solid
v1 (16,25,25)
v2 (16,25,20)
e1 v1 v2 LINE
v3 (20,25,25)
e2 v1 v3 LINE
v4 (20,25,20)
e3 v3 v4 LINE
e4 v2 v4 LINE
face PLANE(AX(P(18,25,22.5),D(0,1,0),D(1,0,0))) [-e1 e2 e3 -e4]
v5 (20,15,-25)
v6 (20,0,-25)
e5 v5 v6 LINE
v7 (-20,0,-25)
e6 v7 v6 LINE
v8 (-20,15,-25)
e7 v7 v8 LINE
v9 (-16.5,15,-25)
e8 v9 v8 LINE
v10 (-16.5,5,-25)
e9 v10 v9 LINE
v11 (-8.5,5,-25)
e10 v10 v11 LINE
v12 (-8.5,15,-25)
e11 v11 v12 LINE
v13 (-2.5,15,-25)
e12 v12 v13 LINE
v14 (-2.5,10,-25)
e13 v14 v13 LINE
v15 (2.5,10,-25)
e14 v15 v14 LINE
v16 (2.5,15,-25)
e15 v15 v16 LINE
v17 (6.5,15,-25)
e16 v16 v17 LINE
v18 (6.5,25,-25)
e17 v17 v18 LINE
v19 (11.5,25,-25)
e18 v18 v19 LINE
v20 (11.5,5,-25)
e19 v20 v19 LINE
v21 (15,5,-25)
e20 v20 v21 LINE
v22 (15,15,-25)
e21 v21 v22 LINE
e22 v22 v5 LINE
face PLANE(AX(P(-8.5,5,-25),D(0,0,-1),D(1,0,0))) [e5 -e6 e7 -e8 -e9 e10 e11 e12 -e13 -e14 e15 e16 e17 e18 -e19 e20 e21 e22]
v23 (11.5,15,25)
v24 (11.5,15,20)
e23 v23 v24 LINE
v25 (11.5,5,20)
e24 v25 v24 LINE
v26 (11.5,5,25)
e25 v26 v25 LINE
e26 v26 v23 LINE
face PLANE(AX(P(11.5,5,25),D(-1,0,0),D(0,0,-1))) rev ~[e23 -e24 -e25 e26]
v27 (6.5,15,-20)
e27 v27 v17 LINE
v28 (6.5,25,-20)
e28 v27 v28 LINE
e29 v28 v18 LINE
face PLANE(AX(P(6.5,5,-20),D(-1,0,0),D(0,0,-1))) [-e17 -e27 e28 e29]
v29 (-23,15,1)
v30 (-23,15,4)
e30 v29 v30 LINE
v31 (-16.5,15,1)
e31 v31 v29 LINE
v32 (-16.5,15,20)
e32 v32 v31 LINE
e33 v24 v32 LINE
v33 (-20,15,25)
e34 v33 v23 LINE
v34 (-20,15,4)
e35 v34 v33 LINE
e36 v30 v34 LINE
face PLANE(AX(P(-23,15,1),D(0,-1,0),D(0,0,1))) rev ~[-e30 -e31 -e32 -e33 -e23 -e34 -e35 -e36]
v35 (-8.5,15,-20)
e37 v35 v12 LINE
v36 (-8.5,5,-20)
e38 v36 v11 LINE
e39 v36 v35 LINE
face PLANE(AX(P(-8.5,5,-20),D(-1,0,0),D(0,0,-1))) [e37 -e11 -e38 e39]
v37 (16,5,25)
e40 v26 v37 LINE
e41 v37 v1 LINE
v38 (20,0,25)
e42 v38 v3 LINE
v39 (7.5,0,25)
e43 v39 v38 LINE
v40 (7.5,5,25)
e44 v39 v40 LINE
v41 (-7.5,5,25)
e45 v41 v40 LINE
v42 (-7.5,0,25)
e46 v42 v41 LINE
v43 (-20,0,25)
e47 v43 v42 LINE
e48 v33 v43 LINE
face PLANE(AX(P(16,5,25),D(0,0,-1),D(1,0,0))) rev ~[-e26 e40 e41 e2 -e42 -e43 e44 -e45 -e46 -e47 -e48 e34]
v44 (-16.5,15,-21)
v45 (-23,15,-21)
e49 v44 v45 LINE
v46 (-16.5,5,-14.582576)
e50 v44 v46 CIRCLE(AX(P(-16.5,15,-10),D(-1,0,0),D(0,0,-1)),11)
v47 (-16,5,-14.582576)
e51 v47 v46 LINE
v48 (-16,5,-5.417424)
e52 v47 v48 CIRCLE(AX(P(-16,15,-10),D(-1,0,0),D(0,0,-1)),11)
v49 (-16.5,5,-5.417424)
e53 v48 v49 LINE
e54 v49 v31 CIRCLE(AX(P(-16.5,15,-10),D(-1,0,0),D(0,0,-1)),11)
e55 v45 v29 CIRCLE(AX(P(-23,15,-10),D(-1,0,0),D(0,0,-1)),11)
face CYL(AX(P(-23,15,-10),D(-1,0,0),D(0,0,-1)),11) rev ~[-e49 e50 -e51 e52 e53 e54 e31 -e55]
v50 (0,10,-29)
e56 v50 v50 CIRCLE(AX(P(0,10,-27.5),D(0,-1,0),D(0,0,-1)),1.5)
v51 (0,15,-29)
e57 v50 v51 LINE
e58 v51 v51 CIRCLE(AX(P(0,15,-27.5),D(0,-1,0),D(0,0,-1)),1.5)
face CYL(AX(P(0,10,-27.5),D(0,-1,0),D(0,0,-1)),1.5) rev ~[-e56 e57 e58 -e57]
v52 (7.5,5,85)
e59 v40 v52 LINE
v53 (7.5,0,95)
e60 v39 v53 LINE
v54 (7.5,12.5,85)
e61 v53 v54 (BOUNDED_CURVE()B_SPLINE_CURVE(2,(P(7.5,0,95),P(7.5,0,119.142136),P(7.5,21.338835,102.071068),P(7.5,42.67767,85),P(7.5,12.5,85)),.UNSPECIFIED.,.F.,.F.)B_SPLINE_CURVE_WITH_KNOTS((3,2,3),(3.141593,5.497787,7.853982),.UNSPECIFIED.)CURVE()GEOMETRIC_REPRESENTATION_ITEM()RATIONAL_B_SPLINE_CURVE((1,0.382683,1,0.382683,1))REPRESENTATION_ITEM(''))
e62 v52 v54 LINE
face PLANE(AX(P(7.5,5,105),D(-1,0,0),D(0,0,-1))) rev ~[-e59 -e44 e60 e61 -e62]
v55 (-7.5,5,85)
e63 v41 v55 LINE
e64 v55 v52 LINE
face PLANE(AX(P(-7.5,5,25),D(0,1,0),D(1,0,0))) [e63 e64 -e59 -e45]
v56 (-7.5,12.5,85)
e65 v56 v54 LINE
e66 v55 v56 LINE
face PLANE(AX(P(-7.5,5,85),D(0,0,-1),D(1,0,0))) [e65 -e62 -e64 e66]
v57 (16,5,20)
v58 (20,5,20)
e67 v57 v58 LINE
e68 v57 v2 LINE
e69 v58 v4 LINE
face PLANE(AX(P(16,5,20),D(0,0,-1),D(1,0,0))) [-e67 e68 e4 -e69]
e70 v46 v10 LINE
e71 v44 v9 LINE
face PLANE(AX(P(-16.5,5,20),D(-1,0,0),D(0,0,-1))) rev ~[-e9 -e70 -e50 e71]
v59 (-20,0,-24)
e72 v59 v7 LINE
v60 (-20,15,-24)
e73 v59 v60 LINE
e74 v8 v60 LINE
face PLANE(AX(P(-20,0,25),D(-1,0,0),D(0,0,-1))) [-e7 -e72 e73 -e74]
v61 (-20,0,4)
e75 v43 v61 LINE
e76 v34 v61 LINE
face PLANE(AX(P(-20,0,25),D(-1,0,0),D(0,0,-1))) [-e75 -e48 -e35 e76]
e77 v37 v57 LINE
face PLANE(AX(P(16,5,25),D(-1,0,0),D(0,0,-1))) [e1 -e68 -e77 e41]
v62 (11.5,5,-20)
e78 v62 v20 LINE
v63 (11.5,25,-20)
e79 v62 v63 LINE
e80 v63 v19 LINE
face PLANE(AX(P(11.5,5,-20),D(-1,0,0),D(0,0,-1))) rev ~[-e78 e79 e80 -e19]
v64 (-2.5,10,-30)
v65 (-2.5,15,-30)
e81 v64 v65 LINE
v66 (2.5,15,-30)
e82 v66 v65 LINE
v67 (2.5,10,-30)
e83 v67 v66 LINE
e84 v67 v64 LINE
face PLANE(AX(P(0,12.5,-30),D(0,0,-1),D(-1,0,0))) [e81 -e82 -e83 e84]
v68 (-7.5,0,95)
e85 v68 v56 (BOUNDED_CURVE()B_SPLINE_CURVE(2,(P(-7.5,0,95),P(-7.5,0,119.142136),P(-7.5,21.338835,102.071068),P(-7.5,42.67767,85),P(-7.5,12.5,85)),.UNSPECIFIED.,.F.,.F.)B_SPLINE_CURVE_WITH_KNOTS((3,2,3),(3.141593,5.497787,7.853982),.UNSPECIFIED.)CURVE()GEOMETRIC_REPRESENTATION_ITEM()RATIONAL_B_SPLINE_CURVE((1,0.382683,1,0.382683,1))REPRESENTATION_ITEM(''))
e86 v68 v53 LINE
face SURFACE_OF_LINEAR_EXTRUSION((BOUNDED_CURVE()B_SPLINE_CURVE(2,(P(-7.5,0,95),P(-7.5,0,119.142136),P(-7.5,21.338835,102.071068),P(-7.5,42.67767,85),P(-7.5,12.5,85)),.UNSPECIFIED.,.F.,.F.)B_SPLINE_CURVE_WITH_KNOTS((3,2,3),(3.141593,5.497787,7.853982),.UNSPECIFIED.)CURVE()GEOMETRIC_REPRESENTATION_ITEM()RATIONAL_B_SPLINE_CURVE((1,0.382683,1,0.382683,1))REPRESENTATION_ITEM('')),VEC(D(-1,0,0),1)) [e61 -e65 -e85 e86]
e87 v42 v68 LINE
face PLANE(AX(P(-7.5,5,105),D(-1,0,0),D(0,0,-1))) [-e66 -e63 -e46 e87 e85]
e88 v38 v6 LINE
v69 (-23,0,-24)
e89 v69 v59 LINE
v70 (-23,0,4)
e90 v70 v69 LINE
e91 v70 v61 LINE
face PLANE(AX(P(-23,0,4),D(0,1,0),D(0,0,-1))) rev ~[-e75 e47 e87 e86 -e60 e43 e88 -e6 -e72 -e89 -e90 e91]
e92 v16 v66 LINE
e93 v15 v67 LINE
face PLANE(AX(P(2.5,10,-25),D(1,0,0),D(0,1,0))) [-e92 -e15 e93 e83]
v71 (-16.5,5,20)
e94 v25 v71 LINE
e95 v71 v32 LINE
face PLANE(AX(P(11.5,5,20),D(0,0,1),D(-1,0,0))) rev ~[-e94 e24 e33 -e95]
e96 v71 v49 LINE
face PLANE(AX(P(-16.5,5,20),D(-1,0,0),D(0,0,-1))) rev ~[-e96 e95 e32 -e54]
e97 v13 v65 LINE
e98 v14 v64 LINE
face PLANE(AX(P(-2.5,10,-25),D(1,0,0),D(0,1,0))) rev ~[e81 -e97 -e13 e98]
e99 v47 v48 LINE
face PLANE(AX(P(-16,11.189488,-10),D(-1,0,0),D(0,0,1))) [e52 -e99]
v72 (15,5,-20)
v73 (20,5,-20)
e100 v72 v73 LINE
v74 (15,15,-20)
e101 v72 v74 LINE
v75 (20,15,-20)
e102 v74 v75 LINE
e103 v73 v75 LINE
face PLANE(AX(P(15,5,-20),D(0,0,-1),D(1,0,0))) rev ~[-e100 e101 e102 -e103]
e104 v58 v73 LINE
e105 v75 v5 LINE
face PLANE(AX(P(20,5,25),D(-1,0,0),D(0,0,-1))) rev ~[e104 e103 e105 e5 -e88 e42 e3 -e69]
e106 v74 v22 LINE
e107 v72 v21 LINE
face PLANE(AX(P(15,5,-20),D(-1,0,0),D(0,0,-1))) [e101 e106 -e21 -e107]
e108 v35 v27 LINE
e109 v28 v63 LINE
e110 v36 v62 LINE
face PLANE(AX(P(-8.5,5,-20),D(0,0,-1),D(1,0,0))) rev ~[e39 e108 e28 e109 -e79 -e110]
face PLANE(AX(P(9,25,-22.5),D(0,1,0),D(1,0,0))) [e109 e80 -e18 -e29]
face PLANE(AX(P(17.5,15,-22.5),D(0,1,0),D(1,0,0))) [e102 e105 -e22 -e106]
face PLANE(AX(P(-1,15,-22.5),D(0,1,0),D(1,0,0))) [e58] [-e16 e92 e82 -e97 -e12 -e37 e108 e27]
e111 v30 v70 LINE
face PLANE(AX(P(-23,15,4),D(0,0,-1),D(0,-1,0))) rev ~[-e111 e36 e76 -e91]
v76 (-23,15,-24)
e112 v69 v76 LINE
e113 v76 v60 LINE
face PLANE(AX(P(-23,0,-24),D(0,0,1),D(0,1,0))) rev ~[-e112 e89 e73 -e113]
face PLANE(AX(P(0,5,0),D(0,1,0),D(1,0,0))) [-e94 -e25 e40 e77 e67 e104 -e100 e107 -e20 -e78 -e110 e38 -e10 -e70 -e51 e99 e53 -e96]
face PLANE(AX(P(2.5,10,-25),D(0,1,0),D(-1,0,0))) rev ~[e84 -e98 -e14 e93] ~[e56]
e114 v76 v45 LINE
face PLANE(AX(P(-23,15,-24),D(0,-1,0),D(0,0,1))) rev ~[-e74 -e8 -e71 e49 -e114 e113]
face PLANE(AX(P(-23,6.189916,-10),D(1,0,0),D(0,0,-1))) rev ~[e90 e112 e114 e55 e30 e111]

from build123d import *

# Parameters (mm, degrees)
SKETCH1_W            = 40
SKETCH1_H            = 50
BOSS_EXTRUDE1_DEPTH  = 5
SKETCH3_W            = 4
SKETCH3_H            = 5
SKETCH3_W_2          = 5
BOSS_EXTRUDE5_DEPTH  = 20
SKETCH3_3_W          = 15
SKETCH3_3_H          = 5
SKETCH3_3_W_2        = 5
BOSS_EXTRUDE6_DEPTH  = 10
CUT_EXTRUDE3_DEPTH   = 4
BOSS_EXTRUDE9_START  = 3
BOSS_EXTRUDE9_DEPTH  = 3
SKETCH12_W           = 5
SKETCH12_H           = 5
BOSS_EXTRUDE10_DEPTH = 5
SKETCH13_R           = 1.5
CUT_EXTRUDE4_DEPTH   = 5
SKETCH14_W           = 15
SKETCH14_H           = 5
BOSS_EXTRUDE11_DEPTH = 80
SKETCH15_W           = 15
SKETCH15_H           = 20
BOSS_EXTRUDE13_DEPTH = 20
CUT_EXTRUDE5_DEPTH   = 15


with BuildPart() as part:
    # Sketch1 → Boss-Extrude1 (new body)
    with BuildSketch(Plane(origin=(0, 0, 0), x_dir=(1, 0, 0), z_dir=(0, 1, 0))):
        Rectangle(SKETCH1_W, SKETCH1_H)
    extrude(amount=BOSS_EXTRUDE1_DEPTH)

    # Sketch3 → Boss-Extrude5 (add)
    with BuildSketch(Plane(origin=(0, 5, 0), x_dir=(1, 0, 0), z_dir=(0, 1, 0))):
        with Locations((18, -22.5)):
            Rectangle(SKETCH3_W, SKETCH3_H)
        with Locations((9, 22.5)):
            Rectangle(SKETCH3_W_2, SKETCH3_H)
    extrude(amount=BOSS_EXTRUDE5_DEPTH)

    # Sketch3<3> → Boss-Extrude6 (add)
    with BuildSketch(Plane(origin=(0, 5, 0), x_dir=(1, 0, 0), z_dir=(0, 1, 0))):
        with Locations((-1, 22.5)):
            Rectangle(SKETCH3_3_W, SKETCH3_3_H)
        Polygon((-16.5, -20), (-16.5, 25), (-20, 25), (-20, -25), (6.5, -25), (6.5, -20), align=None)
        with Locations((17.5, 22.5)):
            Rectangle(SKETCH3_3_W_2, SKETCH3_3_H)
        with Locations((9, -22.5)):
            Rectangle(SKETCH3_3_W_2, SKETCH3_3_H)
    extrude(amount=BOSS_EXTRUDE6_DEPTH)

    # Sketch8 → Cut-Extrude3 (cut)
    with BuildSketch(Plane.ZY.offset(20)):
        with BuildLine():
            Line((1, 15), (-21, 15))
            ThreePointArc((-21, 15), (-10, 4), (1, 15))
        make_face()
    extrude(amount=-CUT_EXTRUDE3_DEPTH, mode=Mode.SUBTRACT)

    # Sketch10 → Boss-Extrude9 (add)
    with BuildSketch(Plane.ZY.offset(20).offset(BOSS_EXTRUDE9_START)):
        with BuildLine():
            Line((1, 15), (4, 15))
            Line((4, 15), (4, 0))
            Line((4, 0), (-24, 0))
            Line((-24, 0), (-24, 15))
            Line((-24, 15), (-21, 15))
            ThreePointArc((-21, 15), (-10, 4), (1, 15))
        make_face()
    extrude(amount=-BOSS_EXTRUDE9_DEPTH)

    # Sketch12 → Boss-Extrude10 (add)
    with BuildSketch(Plane(origin=(0, 0, -25), x_dir=(-1, 0, 0), z_dir=(0, 0, -1))):
        with Locations((0, 12.5)):
            Rectangle(SKETCH12_W, SKETCH12_H)
    extrude(amount=BOSS_EXTRUDE10_DEPTH)

    # Sketch13 → Cut-Extrude4 (cut)
    with BuildSketch(Plane.XZ.offset(-10)):
        with Locations(Location((0, -27.5, 0), (0, 0, 270))):
            Circle(SKETCH13_R)
    extrude(amount=-CUT_EXTRUDE4_DEPTH, mode=Mode.SUBTRACT)

    # Sketch14 → Boss-Extrude11 (add)
    with BuildSketch(Plane.XY.offset(25)):
        with Locations((0, 2.5)):
            Rectangle(SKETCH14_W, SKETCH14_H)
    extrude(amount=BOSS_EXTRUDE11_DEPTH)

    # Sketch15 → Boss-Extrude13 (add)
    with BuildSketch(Plane(origin=(0, 5, 0), x_dir=(1, 0, 0), z_dir=(0, 1, 0))):
        with Locations((0, -95)):
            Rectangle(SKETCH15_W, SKETCH15_H)
    extrude(amount=BOSS_EXTRUDE13_DEPTH)

    # Sketch16 → Cut-Extrude5 (cut)
    with BuildSketch(Plane.ZY.offset(7.5)):
        with BuildLine():
            Line((85, 12.5), (85, 25))
            Line((85, 25), (95, 25))
            Line((95, 25), (105, 25))
            Line((105, 25), (105, 0))
            Line((105, 0), (95, 0))
            add(Edge.make_bspline(
                [(95, 0), (119.142136, 0), (102.071068, 21.338835), (85, 42.67767), (85, 12.5)],
                knots=[3.141593, 3.141593, 3.141593, 5.497787, 5.497787, 7.853982, 7.853982, 7.853982], degree=2, weights=[1, 0.382683, 1, 0.382683, 1]))
        make_face()
    extrude(amount=-CUT_EXTRUDE5_DEPTH, mode=Mode.SUBTRACT)


solid = part.part
